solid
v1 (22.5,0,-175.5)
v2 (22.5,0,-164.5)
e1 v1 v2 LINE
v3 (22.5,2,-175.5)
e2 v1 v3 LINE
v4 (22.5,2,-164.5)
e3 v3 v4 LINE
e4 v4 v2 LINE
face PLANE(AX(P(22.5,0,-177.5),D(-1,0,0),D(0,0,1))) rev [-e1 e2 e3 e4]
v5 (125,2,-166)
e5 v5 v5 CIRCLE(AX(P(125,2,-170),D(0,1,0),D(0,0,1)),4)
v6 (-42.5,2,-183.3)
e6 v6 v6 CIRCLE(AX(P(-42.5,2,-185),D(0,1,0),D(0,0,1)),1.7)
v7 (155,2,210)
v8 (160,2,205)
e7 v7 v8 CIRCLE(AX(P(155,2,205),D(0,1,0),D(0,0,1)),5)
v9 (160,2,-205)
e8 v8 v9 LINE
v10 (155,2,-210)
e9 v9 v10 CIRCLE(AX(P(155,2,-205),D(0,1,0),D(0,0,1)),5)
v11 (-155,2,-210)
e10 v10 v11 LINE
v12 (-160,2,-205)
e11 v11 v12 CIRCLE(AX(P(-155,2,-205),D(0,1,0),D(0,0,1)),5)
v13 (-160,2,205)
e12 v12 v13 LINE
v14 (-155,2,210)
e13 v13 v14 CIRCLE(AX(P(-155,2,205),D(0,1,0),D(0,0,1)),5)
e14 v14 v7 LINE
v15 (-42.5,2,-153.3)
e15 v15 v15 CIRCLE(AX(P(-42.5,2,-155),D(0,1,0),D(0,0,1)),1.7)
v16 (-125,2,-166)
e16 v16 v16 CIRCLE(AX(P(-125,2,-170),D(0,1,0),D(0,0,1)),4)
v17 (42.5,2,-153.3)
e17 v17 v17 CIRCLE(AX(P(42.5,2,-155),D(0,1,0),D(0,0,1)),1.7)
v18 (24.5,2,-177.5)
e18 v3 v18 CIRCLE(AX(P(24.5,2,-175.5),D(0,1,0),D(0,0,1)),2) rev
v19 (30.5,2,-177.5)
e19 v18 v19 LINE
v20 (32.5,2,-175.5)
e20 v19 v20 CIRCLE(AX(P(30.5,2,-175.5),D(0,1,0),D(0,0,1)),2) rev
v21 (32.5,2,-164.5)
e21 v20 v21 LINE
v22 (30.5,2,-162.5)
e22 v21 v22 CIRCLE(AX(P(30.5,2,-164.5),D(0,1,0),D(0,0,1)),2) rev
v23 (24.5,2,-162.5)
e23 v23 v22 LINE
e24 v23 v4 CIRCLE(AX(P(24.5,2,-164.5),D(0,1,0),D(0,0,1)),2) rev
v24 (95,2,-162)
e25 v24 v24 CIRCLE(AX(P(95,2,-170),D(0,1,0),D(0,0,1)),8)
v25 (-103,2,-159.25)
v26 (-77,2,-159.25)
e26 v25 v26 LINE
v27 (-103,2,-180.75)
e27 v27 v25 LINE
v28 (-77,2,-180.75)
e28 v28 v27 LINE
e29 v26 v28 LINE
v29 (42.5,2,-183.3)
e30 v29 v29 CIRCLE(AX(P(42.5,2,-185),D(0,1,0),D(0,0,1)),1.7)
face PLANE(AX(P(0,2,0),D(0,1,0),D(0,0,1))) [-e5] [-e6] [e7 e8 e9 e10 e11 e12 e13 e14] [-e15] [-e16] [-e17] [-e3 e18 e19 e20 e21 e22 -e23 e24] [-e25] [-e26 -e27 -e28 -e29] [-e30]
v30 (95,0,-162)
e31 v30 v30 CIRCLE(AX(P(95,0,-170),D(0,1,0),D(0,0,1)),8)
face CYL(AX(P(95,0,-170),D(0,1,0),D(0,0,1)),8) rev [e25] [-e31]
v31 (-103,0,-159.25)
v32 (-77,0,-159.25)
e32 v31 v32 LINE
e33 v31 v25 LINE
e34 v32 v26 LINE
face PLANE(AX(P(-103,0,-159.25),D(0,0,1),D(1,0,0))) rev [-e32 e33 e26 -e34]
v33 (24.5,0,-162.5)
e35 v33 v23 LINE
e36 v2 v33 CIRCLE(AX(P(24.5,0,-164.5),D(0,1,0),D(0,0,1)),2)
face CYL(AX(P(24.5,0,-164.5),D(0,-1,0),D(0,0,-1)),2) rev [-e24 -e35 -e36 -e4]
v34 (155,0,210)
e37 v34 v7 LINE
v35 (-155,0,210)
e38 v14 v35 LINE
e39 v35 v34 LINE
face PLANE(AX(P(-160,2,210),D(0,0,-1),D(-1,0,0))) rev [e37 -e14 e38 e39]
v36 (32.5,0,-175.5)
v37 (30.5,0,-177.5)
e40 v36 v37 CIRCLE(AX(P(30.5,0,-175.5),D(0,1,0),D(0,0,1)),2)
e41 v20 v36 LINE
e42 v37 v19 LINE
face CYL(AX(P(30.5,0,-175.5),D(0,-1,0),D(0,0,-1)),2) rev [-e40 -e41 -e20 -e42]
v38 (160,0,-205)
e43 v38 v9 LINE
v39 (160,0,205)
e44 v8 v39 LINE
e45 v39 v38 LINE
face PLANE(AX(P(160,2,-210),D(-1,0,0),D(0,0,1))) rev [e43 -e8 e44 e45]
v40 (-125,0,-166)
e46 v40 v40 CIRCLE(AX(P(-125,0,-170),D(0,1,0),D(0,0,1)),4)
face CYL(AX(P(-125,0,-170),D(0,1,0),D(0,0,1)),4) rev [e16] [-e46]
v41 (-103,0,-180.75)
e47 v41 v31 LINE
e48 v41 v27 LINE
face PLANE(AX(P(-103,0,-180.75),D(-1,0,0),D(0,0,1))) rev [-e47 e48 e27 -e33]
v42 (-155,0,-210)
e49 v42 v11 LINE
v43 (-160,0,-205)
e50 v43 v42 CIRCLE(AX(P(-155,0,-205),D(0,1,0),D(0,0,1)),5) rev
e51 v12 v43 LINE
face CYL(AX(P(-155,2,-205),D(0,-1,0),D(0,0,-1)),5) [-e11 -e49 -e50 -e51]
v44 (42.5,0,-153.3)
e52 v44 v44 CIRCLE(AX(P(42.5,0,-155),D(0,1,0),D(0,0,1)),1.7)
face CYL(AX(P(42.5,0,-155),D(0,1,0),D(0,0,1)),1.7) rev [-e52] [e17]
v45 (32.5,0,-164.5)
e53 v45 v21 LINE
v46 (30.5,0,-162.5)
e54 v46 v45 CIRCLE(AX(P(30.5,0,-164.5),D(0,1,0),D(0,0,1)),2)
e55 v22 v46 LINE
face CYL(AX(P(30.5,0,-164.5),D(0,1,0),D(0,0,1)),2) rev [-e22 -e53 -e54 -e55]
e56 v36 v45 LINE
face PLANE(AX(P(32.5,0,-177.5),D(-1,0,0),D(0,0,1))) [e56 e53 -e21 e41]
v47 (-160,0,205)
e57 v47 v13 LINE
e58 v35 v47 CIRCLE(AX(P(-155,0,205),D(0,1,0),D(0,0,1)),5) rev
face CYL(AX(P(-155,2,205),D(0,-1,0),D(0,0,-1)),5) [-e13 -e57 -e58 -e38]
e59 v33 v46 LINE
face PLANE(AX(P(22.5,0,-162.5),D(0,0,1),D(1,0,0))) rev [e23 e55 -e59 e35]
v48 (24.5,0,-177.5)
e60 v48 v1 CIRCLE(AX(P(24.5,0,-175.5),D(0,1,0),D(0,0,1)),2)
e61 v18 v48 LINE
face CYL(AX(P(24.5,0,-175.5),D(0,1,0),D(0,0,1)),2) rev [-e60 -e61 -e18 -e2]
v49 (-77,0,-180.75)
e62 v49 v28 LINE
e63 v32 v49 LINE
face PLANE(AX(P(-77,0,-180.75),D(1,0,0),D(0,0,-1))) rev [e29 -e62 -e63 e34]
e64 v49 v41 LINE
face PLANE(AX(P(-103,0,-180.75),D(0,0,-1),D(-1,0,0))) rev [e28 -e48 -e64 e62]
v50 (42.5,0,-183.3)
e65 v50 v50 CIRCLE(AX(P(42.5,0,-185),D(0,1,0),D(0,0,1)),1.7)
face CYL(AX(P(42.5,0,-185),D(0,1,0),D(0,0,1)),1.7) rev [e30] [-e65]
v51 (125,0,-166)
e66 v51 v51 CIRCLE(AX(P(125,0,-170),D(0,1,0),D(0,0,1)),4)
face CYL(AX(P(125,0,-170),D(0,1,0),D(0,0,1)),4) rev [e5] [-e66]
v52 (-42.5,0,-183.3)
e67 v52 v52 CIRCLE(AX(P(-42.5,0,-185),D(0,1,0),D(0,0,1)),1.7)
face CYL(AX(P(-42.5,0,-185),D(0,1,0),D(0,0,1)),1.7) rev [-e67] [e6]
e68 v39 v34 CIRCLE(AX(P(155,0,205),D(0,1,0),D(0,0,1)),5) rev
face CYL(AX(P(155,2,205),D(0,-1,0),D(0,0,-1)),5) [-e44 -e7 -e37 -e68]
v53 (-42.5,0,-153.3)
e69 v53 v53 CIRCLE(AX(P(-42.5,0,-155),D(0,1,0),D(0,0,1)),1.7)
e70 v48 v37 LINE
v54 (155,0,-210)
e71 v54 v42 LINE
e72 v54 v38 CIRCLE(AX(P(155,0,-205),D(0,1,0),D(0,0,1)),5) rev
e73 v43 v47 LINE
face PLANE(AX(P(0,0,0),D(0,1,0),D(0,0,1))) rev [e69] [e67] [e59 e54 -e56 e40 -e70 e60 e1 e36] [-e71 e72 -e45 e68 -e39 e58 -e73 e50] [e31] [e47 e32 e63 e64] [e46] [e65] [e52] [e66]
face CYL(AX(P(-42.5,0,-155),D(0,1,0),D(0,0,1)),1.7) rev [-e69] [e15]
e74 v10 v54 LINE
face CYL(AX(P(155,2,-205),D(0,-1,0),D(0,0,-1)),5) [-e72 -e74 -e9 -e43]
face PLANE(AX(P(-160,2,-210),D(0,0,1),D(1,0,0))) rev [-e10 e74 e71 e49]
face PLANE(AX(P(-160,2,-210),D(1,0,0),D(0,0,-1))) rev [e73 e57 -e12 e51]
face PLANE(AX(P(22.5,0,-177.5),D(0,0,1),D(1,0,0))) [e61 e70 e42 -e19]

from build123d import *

# Parameters (mm, degrees)
SKETCH1_W           = 320
SKETCH1_H           = 420
BOSS_EXTRUDE1_DEPTH = 2
SKETCH3_R           = 1.7
SKETCH3_W           = 10
SKETCH3_H           = 15
CUT_EXTRUDE1_DEPTH  = 2
SKETCH5_R           = 4
SKETCH5_R_2         = 8
SKETCH5_W           = 26
SKETCH5_H           = 21.5
CUT_EXTRUDE2_DEPTH  = 2
FILLET1_R           = 5
FILLET2_R           = 2


with BuildPart() as part:
    # Sketch1 → Boss-Extrude1 (new body)
    with BuildSketch(Plane(origin=(0, 0, 0), x_dir=(1, 0, 0), z_dir=(0, 1, 0))):
        Rectangle(SKETCH1_W, SKETCH1_H)
    extrude(amount=BOSS_EXTRUDE1_DEPTH)

    # Sketch3 → Cut-Extrude1 (cut)
    with BuildSketch(Plane(origin=(0, 2, 0), x_dir=(1, 0, 0), z_dir=(0, 1, 0))):
        with Locations((-42.5, 185)):
            Circle(SKETCH3_R)
        with Locations((42.5, 185)):
            Circle(SKETCH3_R)
        with Locations((42.5, 155)):
            Circle(SKETCH3_R)
        with Locations((-42.5, 155)):
            Circle(SKETCH3_R)
        with Locations((27.5, 170)):
            Rectangle(SKETCH3_W, SKETCH3_H)
    extrude(amount=-CUT_EXTRUDE1_DEPTH, mode=Mode.SUBTRACT)

    # Sketch5 → Cut-Extrude2 (cut)
    with BuildSketch(Plane(origin=(0, 2, 0), x_dir=(1, 0, 0), z_dir=(0, 1, 0))):
        with Locations((-125, 170)):
            Circle(SKETCH5_R)
        with Locations((95, 170)):
            Circle(SKETCH5_R_2)
        with Locations((125, 170)):
            Circle(SKETCH5_R)
        with Locations((-90, 170)):
            Rectangle(SKETCH5_W, SKETCH5_H)
    extrude(amount=-CUT_EXTRUDE2_DEPTH, mode=Mode.SUBTRACT)

    # Fillet1
    fillet1_edges = [part.edges().sort_by_distance(p)[0] for p in [
        (160, 1, 210),
        (-160, 1, 210),
        (-160, 1, -210),
        (160, 1, -210),
    ]]
    fillet(fillet1_edges, radius=FILLET1_R)

    # Fillet2
    fillet2_edges = [part.edges().sort_by_distance(p)[0] for p in [
        (32.5, 1, -162.5),
        (22.5, 1, -162.5),
        (22.5, 1, -177.5),
        (32.5, 1, -177.5),
    ]]
    fillet(fillet2_edges, radius=FILLET2_R)


solid = part.part
